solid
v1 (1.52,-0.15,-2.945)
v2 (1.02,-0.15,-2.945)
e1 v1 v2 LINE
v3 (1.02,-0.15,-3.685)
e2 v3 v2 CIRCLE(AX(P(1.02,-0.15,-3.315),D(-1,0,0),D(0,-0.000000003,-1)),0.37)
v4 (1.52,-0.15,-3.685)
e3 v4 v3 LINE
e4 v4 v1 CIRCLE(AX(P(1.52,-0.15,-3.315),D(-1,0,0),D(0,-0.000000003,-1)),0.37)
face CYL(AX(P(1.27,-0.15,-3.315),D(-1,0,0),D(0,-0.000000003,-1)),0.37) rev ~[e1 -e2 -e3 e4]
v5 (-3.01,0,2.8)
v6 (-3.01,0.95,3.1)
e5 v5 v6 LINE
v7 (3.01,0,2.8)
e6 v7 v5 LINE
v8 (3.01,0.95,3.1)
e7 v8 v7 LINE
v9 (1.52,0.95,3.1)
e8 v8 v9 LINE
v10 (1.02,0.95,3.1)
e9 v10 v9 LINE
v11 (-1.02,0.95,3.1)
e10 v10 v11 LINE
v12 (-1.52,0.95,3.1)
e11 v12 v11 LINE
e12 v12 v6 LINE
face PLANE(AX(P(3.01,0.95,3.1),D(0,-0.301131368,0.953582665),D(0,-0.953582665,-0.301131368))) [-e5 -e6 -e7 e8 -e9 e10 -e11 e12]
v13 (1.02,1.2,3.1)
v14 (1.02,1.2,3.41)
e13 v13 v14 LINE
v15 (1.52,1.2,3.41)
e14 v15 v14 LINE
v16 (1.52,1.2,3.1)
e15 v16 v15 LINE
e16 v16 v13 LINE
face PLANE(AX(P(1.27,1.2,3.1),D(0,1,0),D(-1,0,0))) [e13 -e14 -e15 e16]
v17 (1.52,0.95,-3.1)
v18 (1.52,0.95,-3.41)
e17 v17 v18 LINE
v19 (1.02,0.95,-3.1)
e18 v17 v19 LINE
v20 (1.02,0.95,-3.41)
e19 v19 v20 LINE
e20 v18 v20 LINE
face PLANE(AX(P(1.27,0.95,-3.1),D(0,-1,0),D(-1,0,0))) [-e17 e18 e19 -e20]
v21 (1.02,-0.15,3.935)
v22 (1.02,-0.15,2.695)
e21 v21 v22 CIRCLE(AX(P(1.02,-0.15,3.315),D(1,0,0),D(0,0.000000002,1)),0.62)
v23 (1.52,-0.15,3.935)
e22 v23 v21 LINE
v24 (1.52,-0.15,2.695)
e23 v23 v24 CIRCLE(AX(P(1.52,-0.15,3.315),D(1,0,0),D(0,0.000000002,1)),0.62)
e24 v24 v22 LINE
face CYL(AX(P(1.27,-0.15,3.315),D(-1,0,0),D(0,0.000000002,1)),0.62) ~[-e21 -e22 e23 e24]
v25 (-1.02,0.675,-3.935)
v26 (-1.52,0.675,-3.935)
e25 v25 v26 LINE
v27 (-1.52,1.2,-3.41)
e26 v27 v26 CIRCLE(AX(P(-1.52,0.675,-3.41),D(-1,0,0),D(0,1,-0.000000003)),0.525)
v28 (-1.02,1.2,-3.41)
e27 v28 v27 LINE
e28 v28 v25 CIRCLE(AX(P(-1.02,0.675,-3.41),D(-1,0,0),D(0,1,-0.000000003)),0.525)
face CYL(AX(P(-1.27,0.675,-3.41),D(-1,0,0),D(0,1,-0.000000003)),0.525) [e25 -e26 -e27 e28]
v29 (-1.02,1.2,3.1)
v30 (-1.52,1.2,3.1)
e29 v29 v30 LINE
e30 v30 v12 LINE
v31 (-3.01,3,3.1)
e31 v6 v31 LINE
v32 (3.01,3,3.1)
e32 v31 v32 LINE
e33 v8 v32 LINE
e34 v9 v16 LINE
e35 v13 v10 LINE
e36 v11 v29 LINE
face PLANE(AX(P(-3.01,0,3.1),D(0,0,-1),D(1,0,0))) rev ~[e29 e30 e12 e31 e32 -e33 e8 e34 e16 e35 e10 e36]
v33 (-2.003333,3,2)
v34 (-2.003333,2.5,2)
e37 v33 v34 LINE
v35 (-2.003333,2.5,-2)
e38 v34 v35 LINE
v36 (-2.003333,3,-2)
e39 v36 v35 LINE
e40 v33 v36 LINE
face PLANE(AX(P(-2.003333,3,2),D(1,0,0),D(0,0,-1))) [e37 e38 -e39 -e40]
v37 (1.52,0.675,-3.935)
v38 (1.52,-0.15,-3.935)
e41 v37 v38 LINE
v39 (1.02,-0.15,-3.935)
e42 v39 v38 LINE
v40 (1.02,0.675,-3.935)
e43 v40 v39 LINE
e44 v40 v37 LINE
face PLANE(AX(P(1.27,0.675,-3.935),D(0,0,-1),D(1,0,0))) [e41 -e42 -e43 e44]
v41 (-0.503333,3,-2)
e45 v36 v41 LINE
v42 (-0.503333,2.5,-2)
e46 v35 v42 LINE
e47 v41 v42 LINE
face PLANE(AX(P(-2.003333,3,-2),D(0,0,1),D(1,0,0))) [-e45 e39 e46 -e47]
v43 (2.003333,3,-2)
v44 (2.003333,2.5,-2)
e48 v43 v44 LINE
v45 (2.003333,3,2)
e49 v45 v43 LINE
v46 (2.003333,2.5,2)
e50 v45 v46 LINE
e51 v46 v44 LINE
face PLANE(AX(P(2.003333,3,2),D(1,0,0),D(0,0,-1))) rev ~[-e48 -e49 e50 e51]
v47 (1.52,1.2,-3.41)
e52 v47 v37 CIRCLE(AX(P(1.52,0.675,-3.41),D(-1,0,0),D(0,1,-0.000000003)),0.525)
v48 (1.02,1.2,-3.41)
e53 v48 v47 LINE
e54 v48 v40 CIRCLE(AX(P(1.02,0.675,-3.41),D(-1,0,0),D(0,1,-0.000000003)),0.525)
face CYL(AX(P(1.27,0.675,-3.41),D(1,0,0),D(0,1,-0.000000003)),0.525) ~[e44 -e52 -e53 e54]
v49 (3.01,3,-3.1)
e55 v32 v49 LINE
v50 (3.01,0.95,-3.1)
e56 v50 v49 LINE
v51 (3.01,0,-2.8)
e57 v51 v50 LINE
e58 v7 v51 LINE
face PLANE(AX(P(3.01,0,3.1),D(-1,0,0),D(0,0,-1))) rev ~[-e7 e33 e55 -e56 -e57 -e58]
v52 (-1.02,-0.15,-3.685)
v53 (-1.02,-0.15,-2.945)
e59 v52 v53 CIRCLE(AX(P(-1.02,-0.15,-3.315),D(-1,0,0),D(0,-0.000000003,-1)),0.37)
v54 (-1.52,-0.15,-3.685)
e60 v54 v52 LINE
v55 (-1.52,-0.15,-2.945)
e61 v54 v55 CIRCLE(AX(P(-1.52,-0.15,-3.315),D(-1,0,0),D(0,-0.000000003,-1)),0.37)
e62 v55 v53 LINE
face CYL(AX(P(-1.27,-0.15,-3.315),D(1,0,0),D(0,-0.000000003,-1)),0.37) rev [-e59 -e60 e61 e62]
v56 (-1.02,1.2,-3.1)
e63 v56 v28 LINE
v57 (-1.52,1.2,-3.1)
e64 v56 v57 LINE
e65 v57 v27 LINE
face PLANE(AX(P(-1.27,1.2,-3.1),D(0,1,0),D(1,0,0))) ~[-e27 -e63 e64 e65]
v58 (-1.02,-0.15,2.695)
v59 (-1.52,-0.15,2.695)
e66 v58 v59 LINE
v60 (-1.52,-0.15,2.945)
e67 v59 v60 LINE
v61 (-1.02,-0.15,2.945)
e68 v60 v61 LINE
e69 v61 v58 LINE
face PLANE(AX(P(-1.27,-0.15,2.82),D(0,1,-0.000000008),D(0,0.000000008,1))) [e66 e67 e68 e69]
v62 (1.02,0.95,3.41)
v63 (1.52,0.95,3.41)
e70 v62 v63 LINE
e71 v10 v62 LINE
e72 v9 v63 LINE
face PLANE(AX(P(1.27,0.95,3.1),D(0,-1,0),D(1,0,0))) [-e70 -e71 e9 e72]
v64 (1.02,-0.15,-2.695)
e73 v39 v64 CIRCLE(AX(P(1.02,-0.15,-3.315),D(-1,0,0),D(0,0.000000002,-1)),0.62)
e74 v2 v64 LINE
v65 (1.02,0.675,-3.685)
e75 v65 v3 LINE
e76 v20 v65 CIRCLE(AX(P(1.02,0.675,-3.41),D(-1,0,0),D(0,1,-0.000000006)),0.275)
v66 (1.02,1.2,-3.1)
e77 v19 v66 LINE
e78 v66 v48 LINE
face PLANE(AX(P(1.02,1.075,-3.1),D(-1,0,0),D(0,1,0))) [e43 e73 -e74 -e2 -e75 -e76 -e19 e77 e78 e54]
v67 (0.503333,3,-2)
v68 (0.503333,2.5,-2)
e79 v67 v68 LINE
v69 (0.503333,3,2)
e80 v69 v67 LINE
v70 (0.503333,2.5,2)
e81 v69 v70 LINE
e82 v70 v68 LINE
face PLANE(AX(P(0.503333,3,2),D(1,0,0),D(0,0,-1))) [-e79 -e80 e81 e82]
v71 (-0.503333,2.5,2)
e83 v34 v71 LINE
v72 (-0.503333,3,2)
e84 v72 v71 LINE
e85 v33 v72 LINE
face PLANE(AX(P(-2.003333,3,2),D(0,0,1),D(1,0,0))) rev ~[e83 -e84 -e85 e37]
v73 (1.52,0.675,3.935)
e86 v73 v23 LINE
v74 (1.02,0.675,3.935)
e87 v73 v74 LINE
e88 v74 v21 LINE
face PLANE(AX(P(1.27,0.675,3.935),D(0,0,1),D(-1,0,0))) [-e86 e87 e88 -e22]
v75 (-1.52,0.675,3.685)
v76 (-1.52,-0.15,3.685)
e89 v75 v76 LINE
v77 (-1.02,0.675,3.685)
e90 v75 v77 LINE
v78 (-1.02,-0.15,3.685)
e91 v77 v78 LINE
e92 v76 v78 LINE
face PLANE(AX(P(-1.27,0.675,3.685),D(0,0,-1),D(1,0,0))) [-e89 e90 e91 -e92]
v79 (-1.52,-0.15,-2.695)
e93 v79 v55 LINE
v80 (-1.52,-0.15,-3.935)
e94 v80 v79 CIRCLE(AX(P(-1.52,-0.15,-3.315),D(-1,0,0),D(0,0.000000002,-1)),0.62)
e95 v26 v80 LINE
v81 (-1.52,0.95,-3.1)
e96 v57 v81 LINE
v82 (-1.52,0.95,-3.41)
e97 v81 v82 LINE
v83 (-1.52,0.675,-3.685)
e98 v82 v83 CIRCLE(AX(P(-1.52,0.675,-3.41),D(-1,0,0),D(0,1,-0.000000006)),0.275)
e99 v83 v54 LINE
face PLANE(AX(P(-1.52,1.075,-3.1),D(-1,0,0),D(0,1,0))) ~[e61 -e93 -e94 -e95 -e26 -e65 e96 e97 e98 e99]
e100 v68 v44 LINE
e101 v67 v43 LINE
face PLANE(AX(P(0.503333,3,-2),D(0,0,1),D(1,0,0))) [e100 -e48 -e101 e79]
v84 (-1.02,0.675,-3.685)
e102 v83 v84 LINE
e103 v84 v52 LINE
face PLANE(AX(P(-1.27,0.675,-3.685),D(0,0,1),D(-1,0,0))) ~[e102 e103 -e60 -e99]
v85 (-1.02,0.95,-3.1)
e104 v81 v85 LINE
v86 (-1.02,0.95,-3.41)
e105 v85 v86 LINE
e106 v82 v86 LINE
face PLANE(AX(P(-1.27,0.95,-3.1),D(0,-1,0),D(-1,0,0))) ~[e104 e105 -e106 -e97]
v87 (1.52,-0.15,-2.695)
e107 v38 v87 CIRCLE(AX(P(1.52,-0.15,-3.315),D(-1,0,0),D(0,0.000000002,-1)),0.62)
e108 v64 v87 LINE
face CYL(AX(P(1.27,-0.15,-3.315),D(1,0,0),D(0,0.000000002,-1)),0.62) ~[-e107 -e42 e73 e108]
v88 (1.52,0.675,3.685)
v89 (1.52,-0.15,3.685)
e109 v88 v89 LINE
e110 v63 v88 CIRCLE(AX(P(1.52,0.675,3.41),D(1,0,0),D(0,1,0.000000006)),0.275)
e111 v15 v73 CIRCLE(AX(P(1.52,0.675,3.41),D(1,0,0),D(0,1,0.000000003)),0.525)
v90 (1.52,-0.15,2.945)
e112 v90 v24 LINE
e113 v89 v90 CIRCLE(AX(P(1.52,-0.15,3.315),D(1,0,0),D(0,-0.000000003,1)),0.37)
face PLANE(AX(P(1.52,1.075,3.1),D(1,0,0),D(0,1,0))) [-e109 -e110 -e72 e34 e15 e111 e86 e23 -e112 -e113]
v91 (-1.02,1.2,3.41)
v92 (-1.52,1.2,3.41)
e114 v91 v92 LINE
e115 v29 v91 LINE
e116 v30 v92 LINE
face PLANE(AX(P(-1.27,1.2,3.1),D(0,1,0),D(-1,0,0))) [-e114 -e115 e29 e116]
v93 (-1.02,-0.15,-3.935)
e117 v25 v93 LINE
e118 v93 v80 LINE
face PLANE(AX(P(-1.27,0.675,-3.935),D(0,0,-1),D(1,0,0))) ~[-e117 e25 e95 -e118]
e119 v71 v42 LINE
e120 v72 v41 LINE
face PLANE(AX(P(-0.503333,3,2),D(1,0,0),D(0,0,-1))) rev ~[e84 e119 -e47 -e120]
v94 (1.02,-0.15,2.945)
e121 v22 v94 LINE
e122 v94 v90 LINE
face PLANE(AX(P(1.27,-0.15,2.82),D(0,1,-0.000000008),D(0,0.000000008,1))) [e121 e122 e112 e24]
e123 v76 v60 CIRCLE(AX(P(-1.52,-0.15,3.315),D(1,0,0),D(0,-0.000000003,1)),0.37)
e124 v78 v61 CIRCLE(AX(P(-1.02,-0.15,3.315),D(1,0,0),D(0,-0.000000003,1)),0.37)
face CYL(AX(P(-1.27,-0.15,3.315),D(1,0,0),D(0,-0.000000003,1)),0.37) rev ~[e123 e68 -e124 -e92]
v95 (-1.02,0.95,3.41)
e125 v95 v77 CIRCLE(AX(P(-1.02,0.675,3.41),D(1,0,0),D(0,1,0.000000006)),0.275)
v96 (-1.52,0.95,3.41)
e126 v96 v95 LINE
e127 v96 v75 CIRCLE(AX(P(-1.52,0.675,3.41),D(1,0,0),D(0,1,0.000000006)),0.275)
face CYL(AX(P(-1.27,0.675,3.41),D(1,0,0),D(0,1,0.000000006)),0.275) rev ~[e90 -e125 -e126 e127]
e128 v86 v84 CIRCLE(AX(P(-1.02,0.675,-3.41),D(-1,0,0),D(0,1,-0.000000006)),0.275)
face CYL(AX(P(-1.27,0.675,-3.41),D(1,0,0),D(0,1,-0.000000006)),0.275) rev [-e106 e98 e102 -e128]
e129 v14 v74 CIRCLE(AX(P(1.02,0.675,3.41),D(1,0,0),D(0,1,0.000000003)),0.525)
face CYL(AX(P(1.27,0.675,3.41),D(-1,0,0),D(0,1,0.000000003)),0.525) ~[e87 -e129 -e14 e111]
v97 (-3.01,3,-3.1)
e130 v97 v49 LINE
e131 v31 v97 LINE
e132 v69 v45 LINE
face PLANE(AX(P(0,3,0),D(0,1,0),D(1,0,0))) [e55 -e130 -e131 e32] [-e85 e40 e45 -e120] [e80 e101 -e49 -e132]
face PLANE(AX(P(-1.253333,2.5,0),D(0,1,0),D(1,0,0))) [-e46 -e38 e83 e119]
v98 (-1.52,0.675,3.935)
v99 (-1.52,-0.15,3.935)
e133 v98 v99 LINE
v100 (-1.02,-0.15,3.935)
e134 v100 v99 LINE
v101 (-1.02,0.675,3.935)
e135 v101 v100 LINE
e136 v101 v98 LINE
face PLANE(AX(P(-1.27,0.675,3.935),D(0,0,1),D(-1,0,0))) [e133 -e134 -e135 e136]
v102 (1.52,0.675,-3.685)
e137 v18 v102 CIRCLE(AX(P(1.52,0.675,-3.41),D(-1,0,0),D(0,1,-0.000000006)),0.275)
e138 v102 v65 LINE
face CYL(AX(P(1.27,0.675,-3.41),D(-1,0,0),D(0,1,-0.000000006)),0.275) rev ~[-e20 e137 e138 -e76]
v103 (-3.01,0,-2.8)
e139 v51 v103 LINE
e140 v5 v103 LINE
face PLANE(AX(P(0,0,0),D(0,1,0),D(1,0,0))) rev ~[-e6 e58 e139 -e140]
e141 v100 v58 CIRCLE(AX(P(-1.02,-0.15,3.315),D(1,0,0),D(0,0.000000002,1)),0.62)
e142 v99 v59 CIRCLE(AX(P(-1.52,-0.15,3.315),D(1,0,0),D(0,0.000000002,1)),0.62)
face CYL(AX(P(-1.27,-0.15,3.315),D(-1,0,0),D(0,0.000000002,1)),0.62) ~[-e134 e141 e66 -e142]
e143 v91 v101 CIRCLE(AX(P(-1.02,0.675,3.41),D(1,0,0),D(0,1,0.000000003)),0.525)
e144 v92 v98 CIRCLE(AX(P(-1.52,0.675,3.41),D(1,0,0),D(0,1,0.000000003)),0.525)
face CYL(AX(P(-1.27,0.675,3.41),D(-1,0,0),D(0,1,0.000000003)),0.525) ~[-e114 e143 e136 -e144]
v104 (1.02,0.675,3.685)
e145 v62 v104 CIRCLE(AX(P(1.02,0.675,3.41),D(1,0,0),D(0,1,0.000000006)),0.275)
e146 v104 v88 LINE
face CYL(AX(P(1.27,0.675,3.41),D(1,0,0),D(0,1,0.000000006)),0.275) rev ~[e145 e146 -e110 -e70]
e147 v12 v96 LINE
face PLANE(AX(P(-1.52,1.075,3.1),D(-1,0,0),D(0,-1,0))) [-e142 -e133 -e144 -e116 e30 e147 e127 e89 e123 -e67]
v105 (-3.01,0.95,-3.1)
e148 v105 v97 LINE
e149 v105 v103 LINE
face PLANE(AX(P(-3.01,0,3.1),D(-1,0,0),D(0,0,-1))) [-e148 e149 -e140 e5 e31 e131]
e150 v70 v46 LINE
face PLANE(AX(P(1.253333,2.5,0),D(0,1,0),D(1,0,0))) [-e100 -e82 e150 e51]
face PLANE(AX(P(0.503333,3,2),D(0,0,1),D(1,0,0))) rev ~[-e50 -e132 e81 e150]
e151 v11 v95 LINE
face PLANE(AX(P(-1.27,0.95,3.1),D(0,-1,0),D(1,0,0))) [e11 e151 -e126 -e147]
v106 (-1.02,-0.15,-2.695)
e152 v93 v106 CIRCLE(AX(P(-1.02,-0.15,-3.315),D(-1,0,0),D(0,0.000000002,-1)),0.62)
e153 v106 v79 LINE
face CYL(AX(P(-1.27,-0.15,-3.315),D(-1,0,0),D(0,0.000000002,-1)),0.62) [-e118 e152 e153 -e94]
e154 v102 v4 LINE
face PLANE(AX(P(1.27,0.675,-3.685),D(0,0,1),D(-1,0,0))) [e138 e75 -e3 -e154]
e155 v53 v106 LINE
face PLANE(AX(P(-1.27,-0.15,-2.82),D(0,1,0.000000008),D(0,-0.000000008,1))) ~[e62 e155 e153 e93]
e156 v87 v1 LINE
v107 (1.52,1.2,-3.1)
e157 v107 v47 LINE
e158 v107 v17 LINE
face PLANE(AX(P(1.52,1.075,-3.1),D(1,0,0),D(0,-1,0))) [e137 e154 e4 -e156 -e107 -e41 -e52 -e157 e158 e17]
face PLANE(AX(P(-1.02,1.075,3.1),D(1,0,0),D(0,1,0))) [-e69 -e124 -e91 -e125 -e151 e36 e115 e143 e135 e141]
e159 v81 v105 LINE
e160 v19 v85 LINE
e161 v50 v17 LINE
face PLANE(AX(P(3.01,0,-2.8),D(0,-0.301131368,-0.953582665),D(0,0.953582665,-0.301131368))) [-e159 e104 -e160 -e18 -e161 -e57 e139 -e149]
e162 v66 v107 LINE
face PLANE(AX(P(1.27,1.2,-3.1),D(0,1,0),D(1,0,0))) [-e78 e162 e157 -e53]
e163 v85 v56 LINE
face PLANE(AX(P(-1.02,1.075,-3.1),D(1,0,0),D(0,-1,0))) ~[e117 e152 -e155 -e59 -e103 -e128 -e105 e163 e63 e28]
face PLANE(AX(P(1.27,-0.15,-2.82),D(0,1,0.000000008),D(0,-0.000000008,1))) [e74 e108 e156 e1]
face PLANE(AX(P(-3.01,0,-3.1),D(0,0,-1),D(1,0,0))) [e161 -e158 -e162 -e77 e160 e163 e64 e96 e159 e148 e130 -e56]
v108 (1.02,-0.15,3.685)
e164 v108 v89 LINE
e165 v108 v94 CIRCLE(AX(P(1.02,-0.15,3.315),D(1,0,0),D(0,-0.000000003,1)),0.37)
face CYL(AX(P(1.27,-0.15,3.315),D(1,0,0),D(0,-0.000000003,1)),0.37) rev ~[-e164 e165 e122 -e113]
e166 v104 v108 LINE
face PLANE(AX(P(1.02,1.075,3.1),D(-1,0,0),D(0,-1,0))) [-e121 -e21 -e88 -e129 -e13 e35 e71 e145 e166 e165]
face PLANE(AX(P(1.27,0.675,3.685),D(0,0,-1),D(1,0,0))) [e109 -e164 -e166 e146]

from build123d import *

# Parameters (mm, degrees)
SKETCH_3_W               = 6.02
SKETCH_3_H               = 6.2
EXTRUDE_1_DEPTH          = 3
SKETCH_4_W               = 1.5
SKETCH_4_H               = 4
CUT_EXTRUDE_1_DEPTH      = 0.5
CUT_EXTRUDE_2_DEPTH      = 8.406105589
SKETCH_6_W               = 0.5
SKETCH_6_H               = 0.25
PATTERN_LINEAR_1_COUNT   = 2
PATTERN_LINEAR_1_PITCH   = 2.54
MIRROR_1_COPY_1_SKETCH_W = 0.5
MIRROR_1_COPY_1_SKETCH_H = 0.25


with BuildPart() as part:
    # Эскиз3 → Бобышка-Вытянуть1 (new body)
    with BuildSketch(Plane(origin=(0, 0, 0), x_dir=(1, 0, 0), z_dir=(0, 1, 0))):
        Rectangle(SKETCH_3_W, SKETCH_3_H)
    extrude(amount=EXTRUDE_1_DEPTH)

    # Эскиз4 → Вырез-Вытянуть1 (cut)
    with BuildSketch(Plane(origin=(0, 3, 0), x_dir=(1, 0, 0), z_dir=(0, 1, 0))):
        with Locations((-1.253333333, 0)):
            Rectangle(SKETCH_4_W, SKETCH_4_H)
        with Locations((1.253333333, 0)):
            Rectangle(SKETCH_4_W, SKETCH_4_H)
    extrude(amount=-CUT_EXTRUDE_1_DEPTH, mode=Mode.SUBTRACT)

    # Эскиз5 → Вырез-Вытянуть2 (cut, through all)
    with BuildSketch(Plane(origin=(3.01, 0, 0), x_dir=(0, 0, -1), z_dir=(1, 0, 0))):
        Polygon((-3.1, 0.95), (-2.8, 0), (-3.1, 0), align=None)
        Polygon((3.1, 0), (2.8, 0), (3.1, 0.95), align=None)
    extrude(amount=-CUT_EXTRUDE_2_DEPTH, mode=Mode.SUBTRACT)

    # По траектории1: sweep along a curve in space
    with BuildLine() as sweep_1_path:
        Line((-1.27, 1.075, 3.1), (-1.27, 1.075, 3.41))
        ThreePointArc((-1.27, 1.075, 3.41), (-1.27, 0.957842712, 3.692842712), (-1.27, 0.675, 3.81))
        Line((-1.27, 0.675, 3.81), (-1.27, -0.15, 3.81))
        ThreePointArc((-1.27, -0.15, 3.81), (-1.27, -0.645, 3.315), (-1.27, -0.15, 2.82))
    # Эскиз6 → По траектории1 (sweep)
    with BuildSketch(Plane.XY.offset(3.1)):
        with Locations((-1.27, 1.075)):
            Rectangle(SKETCH_6_W, SKETCH_6_H)
    sweep_1 = sweep(path=sweep_1_path.line)

    # Линейный массив1: По траектории1 ×2
    with Locations(*[(i * PATTERN_LINEAR_1_PITCH, 0, 0) for i in range(1, PATTERN_LINEAR_1_COUNT)]):
        add(sweep_1)

    # Зеркальное отражение1: По траектории1 across plane
    add(sweep_1.mirror(Plane.XY))

    # Зеркальное отражение1 copy 1: sweep along a curve in space
    with BuildLine() as mirror_1_copy_1_path:
        Line((1.27, 1.075, -3.1), (1.27, 1.075, -3.41))
        ThreePointArc((1.27, 1.075, -3.41), (1.27, 0.957842712, -3.692842712), (1.27, 0.675, -3.81))
        Line((1.27, 0.675, -3.81), (1.27, -0.15, -3.81))
        ThreePointArc((1.27, -0.15, -3.81), (1.27, -0.645, -3.315), (1.27, -0.15, -2.82))
    # Зеркальное отражение1 copy 1 sketch → Зеркальное отражение1 copy 1 (sweep)
    with BuildSketch(Plane(origin=(2.54, 0, -3.1), x_dir=(1, 0, 0), z_dir=(0, 0, -1))):
        with Locations((-1.27, -1.075)):
            Rectangle(MIRROR_1_COPY_1_SKETCH_W, MIRROR_1_COPY_1_SKETCH_H)
    sweep(path=mirror_1_copy_1_path.line)


solid = part.part
